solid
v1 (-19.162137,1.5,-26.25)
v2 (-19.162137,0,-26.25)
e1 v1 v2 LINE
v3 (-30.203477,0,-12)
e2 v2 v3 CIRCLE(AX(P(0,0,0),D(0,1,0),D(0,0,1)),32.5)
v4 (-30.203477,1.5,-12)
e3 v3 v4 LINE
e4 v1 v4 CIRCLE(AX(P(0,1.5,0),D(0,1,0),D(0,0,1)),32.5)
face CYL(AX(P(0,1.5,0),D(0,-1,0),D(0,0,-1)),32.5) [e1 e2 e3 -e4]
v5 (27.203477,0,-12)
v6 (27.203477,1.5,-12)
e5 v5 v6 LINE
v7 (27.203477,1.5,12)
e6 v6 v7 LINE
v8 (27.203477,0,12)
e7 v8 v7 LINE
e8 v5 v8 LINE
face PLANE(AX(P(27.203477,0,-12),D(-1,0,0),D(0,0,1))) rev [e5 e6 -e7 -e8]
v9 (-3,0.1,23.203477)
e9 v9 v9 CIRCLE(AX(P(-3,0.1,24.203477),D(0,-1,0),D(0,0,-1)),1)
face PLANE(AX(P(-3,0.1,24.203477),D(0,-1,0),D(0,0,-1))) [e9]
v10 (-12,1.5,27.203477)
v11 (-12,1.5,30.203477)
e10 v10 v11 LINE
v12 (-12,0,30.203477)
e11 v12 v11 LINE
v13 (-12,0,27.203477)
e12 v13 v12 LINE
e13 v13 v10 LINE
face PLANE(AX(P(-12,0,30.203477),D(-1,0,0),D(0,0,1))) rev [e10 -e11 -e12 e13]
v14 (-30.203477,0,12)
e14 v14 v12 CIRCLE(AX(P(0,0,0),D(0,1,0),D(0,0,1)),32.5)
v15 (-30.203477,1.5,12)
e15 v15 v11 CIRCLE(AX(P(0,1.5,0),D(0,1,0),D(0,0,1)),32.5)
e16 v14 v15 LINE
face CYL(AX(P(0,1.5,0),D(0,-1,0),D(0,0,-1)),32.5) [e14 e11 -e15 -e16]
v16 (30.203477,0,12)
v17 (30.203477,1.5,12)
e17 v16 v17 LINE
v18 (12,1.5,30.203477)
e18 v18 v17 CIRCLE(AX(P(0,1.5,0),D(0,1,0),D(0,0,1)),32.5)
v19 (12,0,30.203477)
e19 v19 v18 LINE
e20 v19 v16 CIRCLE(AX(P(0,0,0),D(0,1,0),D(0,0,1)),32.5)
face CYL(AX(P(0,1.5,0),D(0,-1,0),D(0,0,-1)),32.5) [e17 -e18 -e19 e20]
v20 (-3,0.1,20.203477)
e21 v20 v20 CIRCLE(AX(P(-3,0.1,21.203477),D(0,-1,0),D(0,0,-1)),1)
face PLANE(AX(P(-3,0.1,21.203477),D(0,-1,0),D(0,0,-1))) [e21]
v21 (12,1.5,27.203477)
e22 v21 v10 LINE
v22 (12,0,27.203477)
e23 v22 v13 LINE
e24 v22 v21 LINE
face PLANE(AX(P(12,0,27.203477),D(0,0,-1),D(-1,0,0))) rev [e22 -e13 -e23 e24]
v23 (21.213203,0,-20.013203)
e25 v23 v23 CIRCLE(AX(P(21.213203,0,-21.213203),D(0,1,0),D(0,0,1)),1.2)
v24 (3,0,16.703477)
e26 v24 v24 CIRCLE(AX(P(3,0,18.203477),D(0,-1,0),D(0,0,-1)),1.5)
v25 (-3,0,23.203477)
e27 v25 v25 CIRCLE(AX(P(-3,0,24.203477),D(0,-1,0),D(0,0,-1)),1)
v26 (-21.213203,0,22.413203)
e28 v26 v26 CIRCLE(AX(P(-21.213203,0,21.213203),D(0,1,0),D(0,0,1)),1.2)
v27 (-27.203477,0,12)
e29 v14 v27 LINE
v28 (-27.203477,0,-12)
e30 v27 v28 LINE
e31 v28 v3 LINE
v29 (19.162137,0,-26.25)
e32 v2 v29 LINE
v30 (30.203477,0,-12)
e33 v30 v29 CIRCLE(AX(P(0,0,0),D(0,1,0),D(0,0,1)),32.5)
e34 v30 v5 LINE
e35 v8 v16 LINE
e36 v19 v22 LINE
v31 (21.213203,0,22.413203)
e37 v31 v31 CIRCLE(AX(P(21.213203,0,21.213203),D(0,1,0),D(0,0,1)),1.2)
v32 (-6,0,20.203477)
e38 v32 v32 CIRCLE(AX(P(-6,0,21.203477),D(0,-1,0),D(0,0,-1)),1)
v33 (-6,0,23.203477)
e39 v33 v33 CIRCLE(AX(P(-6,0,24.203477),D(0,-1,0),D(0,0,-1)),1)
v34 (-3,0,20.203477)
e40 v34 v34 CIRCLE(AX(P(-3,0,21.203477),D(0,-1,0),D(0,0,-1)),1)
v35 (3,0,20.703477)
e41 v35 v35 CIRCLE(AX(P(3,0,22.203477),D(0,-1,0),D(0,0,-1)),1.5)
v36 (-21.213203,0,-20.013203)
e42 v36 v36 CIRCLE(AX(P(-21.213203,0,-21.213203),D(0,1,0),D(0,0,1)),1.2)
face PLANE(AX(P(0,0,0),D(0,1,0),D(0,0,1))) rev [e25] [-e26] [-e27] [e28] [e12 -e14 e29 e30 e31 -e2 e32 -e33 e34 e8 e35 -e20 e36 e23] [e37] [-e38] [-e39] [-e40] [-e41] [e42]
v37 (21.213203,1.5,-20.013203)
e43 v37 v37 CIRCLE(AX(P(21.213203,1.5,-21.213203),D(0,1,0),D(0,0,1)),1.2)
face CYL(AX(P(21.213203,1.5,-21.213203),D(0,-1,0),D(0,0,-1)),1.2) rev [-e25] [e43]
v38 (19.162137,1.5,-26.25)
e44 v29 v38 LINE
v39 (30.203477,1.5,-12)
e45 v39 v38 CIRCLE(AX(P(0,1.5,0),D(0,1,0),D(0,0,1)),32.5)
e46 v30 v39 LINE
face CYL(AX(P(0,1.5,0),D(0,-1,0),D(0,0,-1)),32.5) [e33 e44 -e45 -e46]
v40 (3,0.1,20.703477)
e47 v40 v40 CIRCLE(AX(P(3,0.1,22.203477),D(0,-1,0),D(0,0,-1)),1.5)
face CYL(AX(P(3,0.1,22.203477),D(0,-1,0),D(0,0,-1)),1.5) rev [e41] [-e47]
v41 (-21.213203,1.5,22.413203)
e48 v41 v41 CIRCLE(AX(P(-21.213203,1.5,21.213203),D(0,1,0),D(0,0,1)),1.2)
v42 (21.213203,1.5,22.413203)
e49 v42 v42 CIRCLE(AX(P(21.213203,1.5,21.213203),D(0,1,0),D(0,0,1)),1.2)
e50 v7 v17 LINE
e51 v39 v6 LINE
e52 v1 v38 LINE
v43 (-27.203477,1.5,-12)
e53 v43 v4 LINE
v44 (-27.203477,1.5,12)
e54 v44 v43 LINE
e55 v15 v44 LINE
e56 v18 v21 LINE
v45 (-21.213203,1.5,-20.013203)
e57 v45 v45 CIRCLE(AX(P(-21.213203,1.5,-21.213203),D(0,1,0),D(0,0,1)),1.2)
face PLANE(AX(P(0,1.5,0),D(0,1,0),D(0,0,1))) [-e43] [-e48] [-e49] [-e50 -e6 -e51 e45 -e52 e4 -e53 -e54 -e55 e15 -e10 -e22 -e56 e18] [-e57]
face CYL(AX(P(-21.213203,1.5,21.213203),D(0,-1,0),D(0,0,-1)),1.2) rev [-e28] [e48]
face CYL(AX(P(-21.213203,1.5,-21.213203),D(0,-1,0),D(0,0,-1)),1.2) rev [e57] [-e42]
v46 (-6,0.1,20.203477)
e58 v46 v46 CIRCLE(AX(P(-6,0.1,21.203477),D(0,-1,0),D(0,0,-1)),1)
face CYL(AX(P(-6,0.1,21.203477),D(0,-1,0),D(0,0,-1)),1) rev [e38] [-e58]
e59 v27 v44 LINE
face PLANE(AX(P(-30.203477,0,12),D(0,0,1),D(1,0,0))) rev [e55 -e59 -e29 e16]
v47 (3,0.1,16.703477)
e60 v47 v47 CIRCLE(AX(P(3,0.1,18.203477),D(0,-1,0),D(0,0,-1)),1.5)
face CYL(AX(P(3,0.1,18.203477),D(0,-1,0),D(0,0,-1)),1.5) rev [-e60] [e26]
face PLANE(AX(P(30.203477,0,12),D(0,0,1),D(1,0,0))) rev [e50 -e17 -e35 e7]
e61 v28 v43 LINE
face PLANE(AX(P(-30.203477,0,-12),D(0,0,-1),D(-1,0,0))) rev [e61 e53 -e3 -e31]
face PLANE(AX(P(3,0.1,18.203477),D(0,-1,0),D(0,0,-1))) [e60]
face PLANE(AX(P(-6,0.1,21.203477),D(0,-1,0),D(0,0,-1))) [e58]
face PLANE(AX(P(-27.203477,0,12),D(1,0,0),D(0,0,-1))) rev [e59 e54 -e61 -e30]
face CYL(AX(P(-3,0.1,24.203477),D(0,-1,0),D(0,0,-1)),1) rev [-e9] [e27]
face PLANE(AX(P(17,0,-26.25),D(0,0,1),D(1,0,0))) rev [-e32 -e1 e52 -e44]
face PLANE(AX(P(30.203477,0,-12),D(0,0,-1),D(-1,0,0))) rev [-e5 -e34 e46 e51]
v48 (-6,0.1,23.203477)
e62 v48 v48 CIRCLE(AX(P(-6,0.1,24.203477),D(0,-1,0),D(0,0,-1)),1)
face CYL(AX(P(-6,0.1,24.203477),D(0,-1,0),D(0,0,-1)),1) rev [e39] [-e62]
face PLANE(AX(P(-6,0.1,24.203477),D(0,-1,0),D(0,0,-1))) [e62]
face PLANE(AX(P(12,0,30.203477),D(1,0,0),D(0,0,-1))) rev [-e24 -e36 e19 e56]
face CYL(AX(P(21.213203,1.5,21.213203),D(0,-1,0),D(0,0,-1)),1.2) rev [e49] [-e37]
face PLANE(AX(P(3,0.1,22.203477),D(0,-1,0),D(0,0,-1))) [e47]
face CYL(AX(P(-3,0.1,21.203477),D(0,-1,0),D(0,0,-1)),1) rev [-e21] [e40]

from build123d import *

# Parameters (mm, degrees)
SKETCH_1_R          = 32.5
SKETCH_1_R_2        = 1.2
EXTRUDE_1_DEPTH     = 1.5
CUT_EXTRUDE_1_DEPTH = 46.986411036
CUT_EXTRUDE_2_DEPTH = 43.74049602
SKETCH_4_R          = 1.5
SKETCH_4_R_2        = 1
CUT_EXTRUDE_3_DEPTH = 0.1


with BuildPart() as part:
    # 草图1 → 凸台-拉伸1 (new body)
    with BuildSketch(Plane(origin=(0, 0, 0), x_dir=(1, 0, 0), z_dir=(0, 1, 0))):
        with Locations(Location((0, 0, 0), (0, 0, 270))):
            Circle(SKETCH_1_R)
        with Locations(Location((21.213203436, 21.213203436, 0), (0, 0, 270))):
            Circle(SKETCH_1_R_2, mode=Mode.SUBTRACT)
        with Locations(Location((21.213203436, -21.213203436, 0), (0, 0, 270))):
            Circle(SKETCH_1_R_2, mode=Mode.SUBTRACT)
        with Locations(Location((-21.213203436, -21.213203436, 0), (0, 0, 270))):
            Circle(SKETCH_1_R_2, mode=Mode.SUBTRACT)
        with Locations(Location((-21.213203436, 21.213203436, 0), (0, 0, 270))):
            Circle(SKETCH_1_R_2, mode=Mode.SUBTRACT)
    extrude(amount=EXTRUDE_1_DEPTH)

    # 草图2 → 切除-拉伸1 (cut, through all)
    with BuildSketch(Plane(origin=(0, 1.5, 0), x_dir=(1, 0, 0), z_dir=(0, 1, 0))):
        with BuildLine():
            Line((30.203476621, 12), (27.203476621, 12))
            Line((27.203476621, 12), (27.203476621, -12))
            Line((27.203476621, -12), (30.203476621, -12))
            ThreePointArc((30.203476621, -12), (32.5, 0), (30.203476621, 12))
        make_face()
        with BuildLine():
            Line((12, -27.203476621), (-12, -27.203476621))
            Line((-12, -27.203476621), (-12, -30.203476621))
            ThreePointArc((-12, -30.203476621), (0, -32.5), (12, -30.203476621))
            Line((12, -30.203476621), (12, -27.203476621))
        make_face()
        with BuildLine():
            Line((-27.203476621, -12), (-27.203476621, 12))
            Line((-27.203476621, 12), (-30.203476621, 12))
            ThreePointArc((-30.203476621, 12), (-32.5, 0), (-30.203476621, -12))
            Line((-30.203476621, -12), (-27.203476621, -12))
        make_face()
        with BuildLine():
            Line((-12, 27.203476621), (12, 27.203476621))
            Line((12, 27.203476621), (12, 30.203476621))
            ThreePointArc((12, 30.203476621), (0, 32.5), (-12, 30.203476621))
            Line((-12, 30.203476621), (-12, 27.203476621))
        make_face()
    extrude(amount=-CUT_EXTRUDE_1_DEPTH, mode=Mode.SUBTRACT)

    # 草图3 → 切除-拉伸2 (cut, through all)
    with BuildSketch(Plane(origin=(0, 1.5, 0), x_dir=(1, 0, 0), z_dir=(0, 1, 0))):
        Polygon((17, 26.25), (-17, 26.25), (-27.149655647, 26.25), (-14.240374978, 46.745445694), (28.149411973, 26.25), align=None)
    extrude(amount=-CUT_EXTRUDE_2_DEPTH, mode=Mode.SUBTRACT)

    # 草图4 → 切除-拉伸3 (cut)
    with BuildSketch(Plane.XZ):
        with Locations(Location((3, 22.203476621, 0), (0, 0, 270))):
            Circle(SKETCH_4_R)
        with Locations(Location((3, 18.203476621, 0), (0, 0, 270))):
            Circle(SKETCH_4_R)
        with Locations(Location((-6, 24.203476621, 0), (0, 0, 270))):
            Circle(SKETCH_4_R_2)
        with Locations(Location((-3, 24.203476621, 0), (0, 0, 270))):
            Circle(SKETCH_4_R_2)
        with Locations(Location((-3, 21.203476621, 0), (0, 0, 270))):
            Circle(SKETCH_4_R_2)
        with Locations(Location((-6, 21.203476621, 0), (0, 0, 270))):
            Circle(SKETCH_4_R_2)
    extrude(amount=-CUT_EXTRUDE_3_DEPTH, mode=Mode.SUBTRACT)


solid = part.part
